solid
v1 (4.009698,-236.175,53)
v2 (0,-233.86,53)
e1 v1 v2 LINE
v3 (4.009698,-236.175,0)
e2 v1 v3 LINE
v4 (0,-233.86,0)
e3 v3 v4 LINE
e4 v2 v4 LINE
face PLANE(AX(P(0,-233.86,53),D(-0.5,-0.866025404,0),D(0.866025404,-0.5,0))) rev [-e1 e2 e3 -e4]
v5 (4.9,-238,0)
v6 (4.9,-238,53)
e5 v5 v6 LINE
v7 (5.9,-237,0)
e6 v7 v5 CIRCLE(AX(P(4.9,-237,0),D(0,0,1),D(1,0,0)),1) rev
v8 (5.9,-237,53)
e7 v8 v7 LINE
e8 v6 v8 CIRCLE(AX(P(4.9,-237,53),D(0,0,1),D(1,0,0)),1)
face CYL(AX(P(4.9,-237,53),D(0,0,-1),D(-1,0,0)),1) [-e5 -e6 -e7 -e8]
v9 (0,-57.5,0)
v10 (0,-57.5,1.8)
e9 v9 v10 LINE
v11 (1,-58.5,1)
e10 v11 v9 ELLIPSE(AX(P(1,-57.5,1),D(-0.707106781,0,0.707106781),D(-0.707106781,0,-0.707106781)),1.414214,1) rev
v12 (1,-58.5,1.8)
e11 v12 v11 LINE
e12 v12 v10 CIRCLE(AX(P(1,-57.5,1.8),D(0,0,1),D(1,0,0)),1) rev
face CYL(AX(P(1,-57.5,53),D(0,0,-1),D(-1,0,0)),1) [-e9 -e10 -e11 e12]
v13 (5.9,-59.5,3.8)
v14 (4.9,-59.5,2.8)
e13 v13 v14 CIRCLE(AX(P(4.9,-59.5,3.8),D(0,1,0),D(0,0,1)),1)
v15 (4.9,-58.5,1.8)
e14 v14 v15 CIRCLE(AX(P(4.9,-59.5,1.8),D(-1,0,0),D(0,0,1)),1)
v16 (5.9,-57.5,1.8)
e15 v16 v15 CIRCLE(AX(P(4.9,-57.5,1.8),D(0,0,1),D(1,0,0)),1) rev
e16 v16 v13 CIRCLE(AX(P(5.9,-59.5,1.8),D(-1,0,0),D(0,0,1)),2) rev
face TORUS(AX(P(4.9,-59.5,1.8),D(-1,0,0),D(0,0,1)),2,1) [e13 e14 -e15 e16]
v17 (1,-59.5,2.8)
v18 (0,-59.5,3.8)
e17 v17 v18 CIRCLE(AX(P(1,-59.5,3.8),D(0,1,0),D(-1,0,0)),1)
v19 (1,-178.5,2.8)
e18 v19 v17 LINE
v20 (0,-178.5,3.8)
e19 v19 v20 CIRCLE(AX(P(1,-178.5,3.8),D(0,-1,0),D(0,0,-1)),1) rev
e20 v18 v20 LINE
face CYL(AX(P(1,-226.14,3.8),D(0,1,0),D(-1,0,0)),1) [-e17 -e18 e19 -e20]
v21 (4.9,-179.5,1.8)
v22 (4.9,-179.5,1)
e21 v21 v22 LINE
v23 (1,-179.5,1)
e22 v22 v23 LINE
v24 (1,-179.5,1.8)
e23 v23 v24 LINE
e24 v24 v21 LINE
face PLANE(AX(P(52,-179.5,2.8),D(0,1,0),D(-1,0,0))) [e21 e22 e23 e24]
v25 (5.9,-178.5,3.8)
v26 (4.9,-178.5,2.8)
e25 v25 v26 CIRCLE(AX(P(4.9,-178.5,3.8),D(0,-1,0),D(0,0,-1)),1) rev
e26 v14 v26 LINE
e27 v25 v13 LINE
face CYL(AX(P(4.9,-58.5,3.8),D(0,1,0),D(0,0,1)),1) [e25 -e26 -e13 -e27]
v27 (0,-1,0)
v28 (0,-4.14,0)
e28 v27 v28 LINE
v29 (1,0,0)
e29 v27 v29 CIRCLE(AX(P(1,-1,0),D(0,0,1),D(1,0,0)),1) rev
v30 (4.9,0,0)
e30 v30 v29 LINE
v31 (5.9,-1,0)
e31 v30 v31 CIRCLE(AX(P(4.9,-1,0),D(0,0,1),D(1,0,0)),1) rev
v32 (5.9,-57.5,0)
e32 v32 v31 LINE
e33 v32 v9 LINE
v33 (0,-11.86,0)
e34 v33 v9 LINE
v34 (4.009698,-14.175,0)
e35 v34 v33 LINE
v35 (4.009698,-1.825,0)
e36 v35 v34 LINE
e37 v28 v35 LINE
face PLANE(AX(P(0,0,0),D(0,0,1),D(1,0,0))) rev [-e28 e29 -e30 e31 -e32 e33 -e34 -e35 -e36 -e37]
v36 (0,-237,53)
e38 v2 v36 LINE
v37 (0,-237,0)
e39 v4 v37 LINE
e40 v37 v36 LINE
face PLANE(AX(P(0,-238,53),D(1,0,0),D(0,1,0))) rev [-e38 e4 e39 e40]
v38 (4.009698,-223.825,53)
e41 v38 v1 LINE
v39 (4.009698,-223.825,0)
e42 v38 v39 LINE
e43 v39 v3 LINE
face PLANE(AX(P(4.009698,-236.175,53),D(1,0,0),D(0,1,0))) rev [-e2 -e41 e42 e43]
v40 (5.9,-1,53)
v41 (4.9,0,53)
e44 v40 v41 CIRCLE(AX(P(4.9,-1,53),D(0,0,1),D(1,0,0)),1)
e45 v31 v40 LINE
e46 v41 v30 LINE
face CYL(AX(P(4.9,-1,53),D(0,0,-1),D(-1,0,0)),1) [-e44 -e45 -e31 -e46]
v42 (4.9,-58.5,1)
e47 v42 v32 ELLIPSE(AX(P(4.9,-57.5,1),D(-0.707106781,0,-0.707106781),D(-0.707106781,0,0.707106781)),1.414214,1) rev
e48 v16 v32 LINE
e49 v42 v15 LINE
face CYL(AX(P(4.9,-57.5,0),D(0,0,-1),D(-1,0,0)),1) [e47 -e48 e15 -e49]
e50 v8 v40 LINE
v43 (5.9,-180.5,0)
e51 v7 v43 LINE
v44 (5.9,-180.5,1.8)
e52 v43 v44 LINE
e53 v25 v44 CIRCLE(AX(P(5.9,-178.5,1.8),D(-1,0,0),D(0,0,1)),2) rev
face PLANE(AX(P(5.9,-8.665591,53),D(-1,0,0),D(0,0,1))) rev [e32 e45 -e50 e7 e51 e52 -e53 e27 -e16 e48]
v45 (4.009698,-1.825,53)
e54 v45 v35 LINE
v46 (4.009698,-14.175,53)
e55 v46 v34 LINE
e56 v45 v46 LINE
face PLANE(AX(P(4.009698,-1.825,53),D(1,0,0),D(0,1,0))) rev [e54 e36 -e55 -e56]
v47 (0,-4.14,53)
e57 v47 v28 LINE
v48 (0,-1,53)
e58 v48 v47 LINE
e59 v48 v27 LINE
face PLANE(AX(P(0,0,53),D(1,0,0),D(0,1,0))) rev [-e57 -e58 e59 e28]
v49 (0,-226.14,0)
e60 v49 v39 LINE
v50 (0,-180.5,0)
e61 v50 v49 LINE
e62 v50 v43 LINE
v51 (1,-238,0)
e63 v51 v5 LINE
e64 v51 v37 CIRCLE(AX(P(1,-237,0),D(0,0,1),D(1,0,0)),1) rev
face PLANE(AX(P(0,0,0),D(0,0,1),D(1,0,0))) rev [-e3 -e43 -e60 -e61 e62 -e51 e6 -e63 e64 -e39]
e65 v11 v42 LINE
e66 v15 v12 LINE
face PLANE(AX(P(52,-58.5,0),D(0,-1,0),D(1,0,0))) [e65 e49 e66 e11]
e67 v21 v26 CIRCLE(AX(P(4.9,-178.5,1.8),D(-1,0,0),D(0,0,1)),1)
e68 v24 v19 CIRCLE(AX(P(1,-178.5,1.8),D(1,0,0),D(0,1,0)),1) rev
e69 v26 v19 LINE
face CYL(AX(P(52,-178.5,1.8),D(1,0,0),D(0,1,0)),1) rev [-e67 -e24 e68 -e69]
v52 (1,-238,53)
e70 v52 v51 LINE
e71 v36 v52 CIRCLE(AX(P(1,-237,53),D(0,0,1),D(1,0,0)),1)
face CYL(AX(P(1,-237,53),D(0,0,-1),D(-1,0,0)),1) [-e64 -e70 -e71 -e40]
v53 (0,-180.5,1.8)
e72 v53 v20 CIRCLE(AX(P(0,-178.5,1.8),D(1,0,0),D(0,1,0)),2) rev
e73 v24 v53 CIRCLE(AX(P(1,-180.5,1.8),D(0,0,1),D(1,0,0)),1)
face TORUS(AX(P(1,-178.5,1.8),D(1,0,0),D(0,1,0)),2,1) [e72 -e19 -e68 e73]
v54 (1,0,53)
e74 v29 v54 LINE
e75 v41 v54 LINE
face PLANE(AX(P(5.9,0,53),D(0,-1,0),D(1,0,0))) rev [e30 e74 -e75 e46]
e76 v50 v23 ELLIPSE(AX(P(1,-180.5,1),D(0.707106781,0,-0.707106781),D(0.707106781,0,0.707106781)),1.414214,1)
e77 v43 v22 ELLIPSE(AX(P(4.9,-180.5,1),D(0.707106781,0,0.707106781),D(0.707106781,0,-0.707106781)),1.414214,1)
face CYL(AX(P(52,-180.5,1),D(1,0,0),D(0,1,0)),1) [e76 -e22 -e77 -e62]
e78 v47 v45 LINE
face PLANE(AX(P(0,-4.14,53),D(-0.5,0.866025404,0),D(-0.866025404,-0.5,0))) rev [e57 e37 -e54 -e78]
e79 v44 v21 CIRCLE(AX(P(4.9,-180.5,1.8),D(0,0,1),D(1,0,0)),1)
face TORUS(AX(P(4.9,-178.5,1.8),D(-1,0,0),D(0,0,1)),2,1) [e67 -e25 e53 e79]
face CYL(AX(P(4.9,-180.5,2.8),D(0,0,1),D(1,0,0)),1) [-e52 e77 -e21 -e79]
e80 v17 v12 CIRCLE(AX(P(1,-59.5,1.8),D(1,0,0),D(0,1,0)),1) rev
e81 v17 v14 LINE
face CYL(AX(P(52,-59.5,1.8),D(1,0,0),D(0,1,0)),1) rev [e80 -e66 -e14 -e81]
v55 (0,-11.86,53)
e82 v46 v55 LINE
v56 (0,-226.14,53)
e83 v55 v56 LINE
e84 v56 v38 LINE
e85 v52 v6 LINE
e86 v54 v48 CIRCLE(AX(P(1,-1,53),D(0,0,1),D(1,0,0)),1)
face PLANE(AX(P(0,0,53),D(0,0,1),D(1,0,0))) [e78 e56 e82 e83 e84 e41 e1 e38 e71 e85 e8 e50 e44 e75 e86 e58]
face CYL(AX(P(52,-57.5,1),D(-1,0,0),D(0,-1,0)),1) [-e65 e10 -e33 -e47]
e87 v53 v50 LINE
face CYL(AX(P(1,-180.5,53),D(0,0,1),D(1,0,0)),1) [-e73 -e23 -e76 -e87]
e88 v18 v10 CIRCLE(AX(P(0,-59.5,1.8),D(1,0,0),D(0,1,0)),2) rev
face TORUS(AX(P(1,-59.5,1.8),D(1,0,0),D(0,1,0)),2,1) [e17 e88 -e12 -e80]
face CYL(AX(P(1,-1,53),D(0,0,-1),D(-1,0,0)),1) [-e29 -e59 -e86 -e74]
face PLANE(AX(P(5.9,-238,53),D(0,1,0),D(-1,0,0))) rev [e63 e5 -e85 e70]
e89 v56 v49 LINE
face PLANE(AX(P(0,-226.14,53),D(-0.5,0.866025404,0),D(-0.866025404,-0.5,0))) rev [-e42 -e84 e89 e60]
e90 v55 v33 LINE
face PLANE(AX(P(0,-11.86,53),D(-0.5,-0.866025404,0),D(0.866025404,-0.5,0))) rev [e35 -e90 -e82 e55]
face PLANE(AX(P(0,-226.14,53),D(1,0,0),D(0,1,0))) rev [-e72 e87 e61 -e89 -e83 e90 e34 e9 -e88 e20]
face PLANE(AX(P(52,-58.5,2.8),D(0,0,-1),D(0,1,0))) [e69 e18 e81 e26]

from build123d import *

# Parameters (mm, degrees)
BOSS_EXTRUDE1_DEPTH = 53
CUT_EXTRUDE1_DEPTH  = 52
FILLET1_R           = 1
FILLET2_R           = 1


with BuildPart() as part:
    # Sketch2 → Boss-Extrude1 (new body)
    with BuildSketch(Plane.XY):
        Polygon((0, 0), (0, -4.14), (4.00969762, -1.825), (4.00969762, -14.175), (0, -11.86), (0, -19), (0, -219), (0, -226.14), (4.00969762, -223.825), (4.00969762, -236.175), (0, -233.86), (0, -238), (5.9, -238), (5.9, -229.334408546), (5.9, -8.665591454), (5.9, 0), align=None)
    extrude(amount=BOSS_EXTRUDE1_DEPTH)

    # Sketch3 → Cut-Extrude1 (cut)
    with BuildSketch(Plane(origin=(0, 0, 0), x_dir=(0, 0, -1), z_dir=(1, 0, 0))):
        Polygon((0, -119), (0, -58.5), (-2.8, -58.5), (-2.8, -179.5), (0, -179.5), align=None)
    extrude(amount=CUT_EXTRUDE1_DEPTH, mode=Mode.SUBTRACT)

    # Fillet1
    fillet1_edges = [part.edges().sort_by_distance(p)[0] for p in [
        (2.95, -179.5, 0),
        (2.95, -58.5, 0),
        (5.9, -119, 2.8),
        (2.95, -58.5, 2.8),
        (0, -119, 2.8),
        (0, -58.5, 1.4),
        (2.95, -179.5, 2.8),
        (0, -179.5, 1.4),
        (5.9, -58.5, 1.4),
        (5.9, -179.5, 1.4),
    ]]
    fillet(fillet1_edges, radius=FILLET1_R)

    # Fillet2
    fillet2_edges = [part.edges().sort_by_distance(p)[0] for p in [
        (5.9, 0, 26.5),
        (5.9, -238, 26.5),
        (0, -238, 26.5),
        (0, 0, 26.5),
    ]]
    fillet(fillet2_edges, radius=FILLET2_R)


solid = part.part
